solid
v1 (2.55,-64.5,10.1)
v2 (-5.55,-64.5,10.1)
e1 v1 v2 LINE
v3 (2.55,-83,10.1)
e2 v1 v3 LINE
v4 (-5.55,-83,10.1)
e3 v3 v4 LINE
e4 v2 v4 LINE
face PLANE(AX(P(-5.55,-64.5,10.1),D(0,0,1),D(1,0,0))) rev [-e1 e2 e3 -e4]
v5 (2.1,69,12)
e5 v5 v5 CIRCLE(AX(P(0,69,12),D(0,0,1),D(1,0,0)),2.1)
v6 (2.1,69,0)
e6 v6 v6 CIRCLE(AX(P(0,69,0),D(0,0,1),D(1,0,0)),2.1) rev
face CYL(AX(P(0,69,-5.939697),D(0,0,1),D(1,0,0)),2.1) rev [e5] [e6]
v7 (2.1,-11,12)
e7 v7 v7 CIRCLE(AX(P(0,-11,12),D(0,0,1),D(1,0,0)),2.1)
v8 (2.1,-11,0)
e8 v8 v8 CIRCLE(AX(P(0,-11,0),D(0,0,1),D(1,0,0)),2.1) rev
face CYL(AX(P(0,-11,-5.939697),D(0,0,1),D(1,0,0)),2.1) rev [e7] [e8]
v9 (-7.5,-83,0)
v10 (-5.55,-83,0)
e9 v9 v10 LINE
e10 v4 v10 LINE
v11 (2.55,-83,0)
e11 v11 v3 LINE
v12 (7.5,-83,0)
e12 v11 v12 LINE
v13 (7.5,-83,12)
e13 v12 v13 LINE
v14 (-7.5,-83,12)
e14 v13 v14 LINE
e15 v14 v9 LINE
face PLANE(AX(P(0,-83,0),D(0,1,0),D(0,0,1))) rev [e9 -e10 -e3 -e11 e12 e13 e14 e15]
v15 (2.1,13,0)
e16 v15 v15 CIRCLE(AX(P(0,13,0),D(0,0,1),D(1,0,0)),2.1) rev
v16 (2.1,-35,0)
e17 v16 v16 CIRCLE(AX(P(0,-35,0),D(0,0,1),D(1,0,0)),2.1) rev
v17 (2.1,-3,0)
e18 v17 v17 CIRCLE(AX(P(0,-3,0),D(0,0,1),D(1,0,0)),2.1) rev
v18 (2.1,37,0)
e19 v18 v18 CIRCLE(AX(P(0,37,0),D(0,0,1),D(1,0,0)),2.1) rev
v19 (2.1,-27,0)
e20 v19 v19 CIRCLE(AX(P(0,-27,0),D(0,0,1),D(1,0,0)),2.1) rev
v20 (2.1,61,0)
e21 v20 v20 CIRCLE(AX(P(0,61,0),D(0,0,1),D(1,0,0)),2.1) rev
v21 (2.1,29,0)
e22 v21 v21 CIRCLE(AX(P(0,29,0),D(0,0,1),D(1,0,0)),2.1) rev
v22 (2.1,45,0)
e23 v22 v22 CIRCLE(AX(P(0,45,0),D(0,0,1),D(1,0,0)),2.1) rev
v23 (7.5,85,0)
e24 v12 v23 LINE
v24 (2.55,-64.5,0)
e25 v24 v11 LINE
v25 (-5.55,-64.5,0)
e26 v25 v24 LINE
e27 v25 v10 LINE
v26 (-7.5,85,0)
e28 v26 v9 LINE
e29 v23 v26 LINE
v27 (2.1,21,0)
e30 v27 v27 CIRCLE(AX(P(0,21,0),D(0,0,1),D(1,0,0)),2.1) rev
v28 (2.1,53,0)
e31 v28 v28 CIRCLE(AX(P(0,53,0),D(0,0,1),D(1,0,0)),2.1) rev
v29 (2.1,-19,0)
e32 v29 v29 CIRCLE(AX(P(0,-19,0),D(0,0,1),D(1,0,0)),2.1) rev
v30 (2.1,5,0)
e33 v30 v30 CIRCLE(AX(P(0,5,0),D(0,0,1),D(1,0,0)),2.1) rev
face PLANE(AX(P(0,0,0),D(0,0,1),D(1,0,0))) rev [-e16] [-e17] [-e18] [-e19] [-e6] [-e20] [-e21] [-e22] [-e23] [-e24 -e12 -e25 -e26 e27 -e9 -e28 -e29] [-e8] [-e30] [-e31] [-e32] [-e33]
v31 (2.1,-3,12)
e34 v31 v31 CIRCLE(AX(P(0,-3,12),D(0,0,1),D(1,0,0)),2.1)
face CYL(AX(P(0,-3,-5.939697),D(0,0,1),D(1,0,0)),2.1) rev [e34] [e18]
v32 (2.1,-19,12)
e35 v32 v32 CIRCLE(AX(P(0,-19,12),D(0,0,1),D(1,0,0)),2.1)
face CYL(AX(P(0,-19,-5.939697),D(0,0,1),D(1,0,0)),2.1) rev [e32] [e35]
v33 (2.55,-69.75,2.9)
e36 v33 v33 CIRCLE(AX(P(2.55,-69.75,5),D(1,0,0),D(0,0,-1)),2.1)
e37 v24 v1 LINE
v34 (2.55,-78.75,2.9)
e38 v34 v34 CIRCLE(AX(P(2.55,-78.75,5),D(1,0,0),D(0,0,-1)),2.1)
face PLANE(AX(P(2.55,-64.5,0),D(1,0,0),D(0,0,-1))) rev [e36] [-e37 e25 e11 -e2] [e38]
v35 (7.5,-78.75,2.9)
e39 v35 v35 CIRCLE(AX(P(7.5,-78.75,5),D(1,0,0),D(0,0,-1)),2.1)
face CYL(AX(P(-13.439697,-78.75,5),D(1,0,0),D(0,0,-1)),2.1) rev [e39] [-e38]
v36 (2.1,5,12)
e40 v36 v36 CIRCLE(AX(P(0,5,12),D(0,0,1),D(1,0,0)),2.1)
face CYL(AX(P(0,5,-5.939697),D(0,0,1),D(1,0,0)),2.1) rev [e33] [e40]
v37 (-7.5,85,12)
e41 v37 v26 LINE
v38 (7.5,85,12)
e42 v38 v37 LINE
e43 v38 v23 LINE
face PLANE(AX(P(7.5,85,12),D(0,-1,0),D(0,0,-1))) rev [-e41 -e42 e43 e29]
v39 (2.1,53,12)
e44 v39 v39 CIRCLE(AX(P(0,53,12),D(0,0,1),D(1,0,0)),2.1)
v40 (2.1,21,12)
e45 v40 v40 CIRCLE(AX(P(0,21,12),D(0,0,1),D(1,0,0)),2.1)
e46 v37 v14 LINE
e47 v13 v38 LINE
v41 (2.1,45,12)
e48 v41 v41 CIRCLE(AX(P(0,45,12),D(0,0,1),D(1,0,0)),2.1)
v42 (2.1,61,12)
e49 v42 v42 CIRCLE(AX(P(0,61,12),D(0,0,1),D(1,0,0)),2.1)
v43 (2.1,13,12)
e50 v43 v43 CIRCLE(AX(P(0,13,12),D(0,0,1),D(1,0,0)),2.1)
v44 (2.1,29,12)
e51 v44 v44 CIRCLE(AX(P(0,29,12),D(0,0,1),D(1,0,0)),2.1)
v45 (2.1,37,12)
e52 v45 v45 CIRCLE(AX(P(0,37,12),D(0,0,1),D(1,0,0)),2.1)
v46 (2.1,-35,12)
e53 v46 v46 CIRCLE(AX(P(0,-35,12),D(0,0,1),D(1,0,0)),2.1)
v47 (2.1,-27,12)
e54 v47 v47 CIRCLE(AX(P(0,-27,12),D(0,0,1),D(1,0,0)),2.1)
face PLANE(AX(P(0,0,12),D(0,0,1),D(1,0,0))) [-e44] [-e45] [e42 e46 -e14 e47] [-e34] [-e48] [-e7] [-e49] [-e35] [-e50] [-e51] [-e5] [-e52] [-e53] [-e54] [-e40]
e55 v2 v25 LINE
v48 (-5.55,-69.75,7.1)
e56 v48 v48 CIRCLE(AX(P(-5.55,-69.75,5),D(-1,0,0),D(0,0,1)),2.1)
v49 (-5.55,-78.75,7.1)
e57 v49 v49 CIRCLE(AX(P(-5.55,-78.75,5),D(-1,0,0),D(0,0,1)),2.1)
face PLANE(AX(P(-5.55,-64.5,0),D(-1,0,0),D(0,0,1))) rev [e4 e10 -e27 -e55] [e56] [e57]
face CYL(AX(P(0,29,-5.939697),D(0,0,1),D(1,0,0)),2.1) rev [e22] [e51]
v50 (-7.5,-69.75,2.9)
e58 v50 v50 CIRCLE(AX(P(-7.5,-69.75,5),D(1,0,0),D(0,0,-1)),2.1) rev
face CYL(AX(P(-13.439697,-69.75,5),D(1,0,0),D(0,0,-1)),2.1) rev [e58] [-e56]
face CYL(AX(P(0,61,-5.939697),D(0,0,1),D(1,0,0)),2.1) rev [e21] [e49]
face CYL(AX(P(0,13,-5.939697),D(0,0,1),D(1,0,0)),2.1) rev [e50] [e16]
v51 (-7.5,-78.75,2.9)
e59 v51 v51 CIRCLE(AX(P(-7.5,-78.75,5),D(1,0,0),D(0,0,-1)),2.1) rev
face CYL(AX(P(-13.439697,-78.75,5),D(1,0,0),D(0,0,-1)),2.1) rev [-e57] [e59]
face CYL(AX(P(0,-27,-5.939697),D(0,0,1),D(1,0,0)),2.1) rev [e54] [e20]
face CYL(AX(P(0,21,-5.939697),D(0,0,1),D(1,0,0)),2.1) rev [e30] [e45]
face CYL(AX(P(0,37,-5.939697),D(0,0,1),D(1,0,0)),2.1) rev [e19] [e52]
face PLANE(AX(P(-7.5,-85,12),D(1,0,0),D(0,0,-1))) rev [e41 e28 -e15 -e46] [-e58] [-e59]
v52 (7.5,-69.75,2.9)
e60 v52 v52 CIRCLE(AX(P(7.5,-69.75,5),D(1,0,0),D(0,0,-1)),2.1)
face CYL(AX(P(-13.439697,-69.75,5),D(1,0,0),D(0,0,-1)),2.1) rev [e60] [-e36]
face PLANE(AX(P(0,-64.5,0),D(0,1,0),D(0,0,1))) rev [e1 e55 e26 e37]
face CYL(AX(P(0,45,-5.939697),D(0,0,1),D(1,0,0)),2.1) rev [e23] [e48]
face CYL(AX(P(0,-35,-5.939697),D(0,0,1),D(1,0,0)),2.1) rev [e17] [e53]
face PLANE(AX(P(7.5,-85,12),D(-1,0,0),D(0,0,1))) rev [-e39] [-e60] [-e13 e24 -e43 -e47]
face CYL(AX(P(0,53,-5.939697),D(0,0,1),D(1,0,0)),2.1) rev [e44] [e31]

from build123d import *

# Parameters (mm, degrees)
SKETCH_1_W          = 15
SKETCH_1_H          = 170
EXTRUDE_1_DEPTH     = 12
SKETCH_2_W          = 8.1
SKETCH_2_H          = 10.1
CUT_EXTRUDE_1_DEPTH = 20.5
CUT_EXTRUDE_2_REACH = 89.144
SKETCH_3_R          = 2.1
SKETCH_5_R          = 2.1
CUT_EXTRUDE_3_DEPTH = 12
SKETCH_6_W          = 15
SKETCH_6_H          = 12
CUT_EXTRUDE_4_DEPTH = 2


with BuildPart() as part:
    # 草图1 → 凸台-拉伸1 (new body)
    with BuildSketch(Plane.XY):
        Rectangle(SKETCH_1_W, SKETCH_1_H)
    extrude(amount=EXTRUDE_1_DEPTH)

    # 草图2 → 切除-拉伸1 (cut)
    with BuildSketch(Plane.XZ.offset(85)):
        with Locations((-1.5, 5.05)):
            Rectangle(SKETCH_2_W, SKETCH_2_H)
    extrude(amount=-CUT_EXTRUDE_1_DEPTH, mode=Mode.SUBTRACT)

    # 切除-拉伸2: up to this face of the body (flat: up to its plane)
    cut_extrude_2_end = Plane(part.part.faces().sort_by_distance((-7.5, 0, 6))[0])
    # 草图3 → 切除-拉伸2 (cut, up to the picked face)
    with BuildSketch(Plane(origin=(7.5, 0, 0), x_dir=(0, 0, -1), z_dir=(1, 0, 0)), mode=Mode.PRIVATE) as cut_extrude_2_sk1:
        with Locations((-5, -69.75)):
            Circle(SKETCH_3_R)
    cut_extrude_2_tool1 = split(extrude(cut_extrude_2_sk1.sketch, amount=-CUT_EXTRUDE_2_REACH, mode=Mode.PRIVATE), bisect_by=cut_extrude_2_end, keep=Keep.BOTH, mode=Mode.PRIVATE)
    # 草图3 → 切除-拉伸2 (cut, up to the picked face)
    with BuildSketch(Plane(origin=(7.5, 0, 0), x_dir=(0, 0, -1), z_dir=(1, 0, 0)), mode=Mode.PRIVATE) as cut_extrude_2_sk2:
        with Locations((-5, -78.75)):
            Circle(SKETCH_3_R)
    cut_extrude_2_tool2 = split(extrude(cut_extrude_2_sk2.sketch, amount=-CUT_EXTRUDE_2_REACH, mode=Mode.PRIVATE), bisect_by=cut_extrude_2_end, keep=Keep.BOTH, mode=Mode.PRIVATE)
    add(cut_extrude_2_tool1.solids().sort_by(Axis((7.5, -69.75, 5), (-1, 0, 0)))[0], mode=Mode.SUBTRACT)
    add(cut_extrude_2_tool2.solids().sort_by(Axis((7.5, -78.75, 5), (-1, 0, 0)))[0], mode=Mode.SUBTRACT)

    # 草图5 → 切除-拉伸3 (cut)
    with BuildSketch(Plane.XY.offset(12)):
        with Locations((0, -27)):
            Circle(SKETCH_5_R)
        with Locations((0, -35)):
            Circle(SKETCH_5_R)
        with Locations((0, -19)):
            Circle(SKETCH_5_R)
        with Locations((0, -11)):
            Circle(SKETCH_5_R)
        with Locations((0, -3)):
            Circle(SKETCH_5_R)
        with Locations((0, 5)):
            Circle(SKETCH_5_R)
        with Locations((0, 13)):
            Circle(SKETCH_5_R)
        with Locations((0, 21)):
            Circle(SKETCH_5_R)
        with Locations((0, 29)):
            Circle(SKETCH_5_R)
        with Locations((0, 37)):
            Circle(SKETCH_5_R)
        with Locations((0, 45)):
            Circle(SKETCH_5_R)
        with Locations((0, 53)):
            Circle(SKETCH_5_R)
        with Locations((0, 61)):
            Circle(SKETCH_5_R)
        with Locations((0, 69)):
            Circle(SKETCH_5_R)
    extrude(amount=-CUT_EXTRUDE_3_DEPTH, mode=Mode.SUBTRACT)

    # 草图6 → 切除-拉伸4 (cut)
    with BuildSketch(Plane.XZ.offset(85)):
        with Locations((0, 6)):
            Rectangle(SKETCH_6_W, SKETCH_6_H)
    extrude(amount=-CUT_EXTRUDE_4_DEPTH, mode=Mode.SUBTRACT)


solid = part.part
